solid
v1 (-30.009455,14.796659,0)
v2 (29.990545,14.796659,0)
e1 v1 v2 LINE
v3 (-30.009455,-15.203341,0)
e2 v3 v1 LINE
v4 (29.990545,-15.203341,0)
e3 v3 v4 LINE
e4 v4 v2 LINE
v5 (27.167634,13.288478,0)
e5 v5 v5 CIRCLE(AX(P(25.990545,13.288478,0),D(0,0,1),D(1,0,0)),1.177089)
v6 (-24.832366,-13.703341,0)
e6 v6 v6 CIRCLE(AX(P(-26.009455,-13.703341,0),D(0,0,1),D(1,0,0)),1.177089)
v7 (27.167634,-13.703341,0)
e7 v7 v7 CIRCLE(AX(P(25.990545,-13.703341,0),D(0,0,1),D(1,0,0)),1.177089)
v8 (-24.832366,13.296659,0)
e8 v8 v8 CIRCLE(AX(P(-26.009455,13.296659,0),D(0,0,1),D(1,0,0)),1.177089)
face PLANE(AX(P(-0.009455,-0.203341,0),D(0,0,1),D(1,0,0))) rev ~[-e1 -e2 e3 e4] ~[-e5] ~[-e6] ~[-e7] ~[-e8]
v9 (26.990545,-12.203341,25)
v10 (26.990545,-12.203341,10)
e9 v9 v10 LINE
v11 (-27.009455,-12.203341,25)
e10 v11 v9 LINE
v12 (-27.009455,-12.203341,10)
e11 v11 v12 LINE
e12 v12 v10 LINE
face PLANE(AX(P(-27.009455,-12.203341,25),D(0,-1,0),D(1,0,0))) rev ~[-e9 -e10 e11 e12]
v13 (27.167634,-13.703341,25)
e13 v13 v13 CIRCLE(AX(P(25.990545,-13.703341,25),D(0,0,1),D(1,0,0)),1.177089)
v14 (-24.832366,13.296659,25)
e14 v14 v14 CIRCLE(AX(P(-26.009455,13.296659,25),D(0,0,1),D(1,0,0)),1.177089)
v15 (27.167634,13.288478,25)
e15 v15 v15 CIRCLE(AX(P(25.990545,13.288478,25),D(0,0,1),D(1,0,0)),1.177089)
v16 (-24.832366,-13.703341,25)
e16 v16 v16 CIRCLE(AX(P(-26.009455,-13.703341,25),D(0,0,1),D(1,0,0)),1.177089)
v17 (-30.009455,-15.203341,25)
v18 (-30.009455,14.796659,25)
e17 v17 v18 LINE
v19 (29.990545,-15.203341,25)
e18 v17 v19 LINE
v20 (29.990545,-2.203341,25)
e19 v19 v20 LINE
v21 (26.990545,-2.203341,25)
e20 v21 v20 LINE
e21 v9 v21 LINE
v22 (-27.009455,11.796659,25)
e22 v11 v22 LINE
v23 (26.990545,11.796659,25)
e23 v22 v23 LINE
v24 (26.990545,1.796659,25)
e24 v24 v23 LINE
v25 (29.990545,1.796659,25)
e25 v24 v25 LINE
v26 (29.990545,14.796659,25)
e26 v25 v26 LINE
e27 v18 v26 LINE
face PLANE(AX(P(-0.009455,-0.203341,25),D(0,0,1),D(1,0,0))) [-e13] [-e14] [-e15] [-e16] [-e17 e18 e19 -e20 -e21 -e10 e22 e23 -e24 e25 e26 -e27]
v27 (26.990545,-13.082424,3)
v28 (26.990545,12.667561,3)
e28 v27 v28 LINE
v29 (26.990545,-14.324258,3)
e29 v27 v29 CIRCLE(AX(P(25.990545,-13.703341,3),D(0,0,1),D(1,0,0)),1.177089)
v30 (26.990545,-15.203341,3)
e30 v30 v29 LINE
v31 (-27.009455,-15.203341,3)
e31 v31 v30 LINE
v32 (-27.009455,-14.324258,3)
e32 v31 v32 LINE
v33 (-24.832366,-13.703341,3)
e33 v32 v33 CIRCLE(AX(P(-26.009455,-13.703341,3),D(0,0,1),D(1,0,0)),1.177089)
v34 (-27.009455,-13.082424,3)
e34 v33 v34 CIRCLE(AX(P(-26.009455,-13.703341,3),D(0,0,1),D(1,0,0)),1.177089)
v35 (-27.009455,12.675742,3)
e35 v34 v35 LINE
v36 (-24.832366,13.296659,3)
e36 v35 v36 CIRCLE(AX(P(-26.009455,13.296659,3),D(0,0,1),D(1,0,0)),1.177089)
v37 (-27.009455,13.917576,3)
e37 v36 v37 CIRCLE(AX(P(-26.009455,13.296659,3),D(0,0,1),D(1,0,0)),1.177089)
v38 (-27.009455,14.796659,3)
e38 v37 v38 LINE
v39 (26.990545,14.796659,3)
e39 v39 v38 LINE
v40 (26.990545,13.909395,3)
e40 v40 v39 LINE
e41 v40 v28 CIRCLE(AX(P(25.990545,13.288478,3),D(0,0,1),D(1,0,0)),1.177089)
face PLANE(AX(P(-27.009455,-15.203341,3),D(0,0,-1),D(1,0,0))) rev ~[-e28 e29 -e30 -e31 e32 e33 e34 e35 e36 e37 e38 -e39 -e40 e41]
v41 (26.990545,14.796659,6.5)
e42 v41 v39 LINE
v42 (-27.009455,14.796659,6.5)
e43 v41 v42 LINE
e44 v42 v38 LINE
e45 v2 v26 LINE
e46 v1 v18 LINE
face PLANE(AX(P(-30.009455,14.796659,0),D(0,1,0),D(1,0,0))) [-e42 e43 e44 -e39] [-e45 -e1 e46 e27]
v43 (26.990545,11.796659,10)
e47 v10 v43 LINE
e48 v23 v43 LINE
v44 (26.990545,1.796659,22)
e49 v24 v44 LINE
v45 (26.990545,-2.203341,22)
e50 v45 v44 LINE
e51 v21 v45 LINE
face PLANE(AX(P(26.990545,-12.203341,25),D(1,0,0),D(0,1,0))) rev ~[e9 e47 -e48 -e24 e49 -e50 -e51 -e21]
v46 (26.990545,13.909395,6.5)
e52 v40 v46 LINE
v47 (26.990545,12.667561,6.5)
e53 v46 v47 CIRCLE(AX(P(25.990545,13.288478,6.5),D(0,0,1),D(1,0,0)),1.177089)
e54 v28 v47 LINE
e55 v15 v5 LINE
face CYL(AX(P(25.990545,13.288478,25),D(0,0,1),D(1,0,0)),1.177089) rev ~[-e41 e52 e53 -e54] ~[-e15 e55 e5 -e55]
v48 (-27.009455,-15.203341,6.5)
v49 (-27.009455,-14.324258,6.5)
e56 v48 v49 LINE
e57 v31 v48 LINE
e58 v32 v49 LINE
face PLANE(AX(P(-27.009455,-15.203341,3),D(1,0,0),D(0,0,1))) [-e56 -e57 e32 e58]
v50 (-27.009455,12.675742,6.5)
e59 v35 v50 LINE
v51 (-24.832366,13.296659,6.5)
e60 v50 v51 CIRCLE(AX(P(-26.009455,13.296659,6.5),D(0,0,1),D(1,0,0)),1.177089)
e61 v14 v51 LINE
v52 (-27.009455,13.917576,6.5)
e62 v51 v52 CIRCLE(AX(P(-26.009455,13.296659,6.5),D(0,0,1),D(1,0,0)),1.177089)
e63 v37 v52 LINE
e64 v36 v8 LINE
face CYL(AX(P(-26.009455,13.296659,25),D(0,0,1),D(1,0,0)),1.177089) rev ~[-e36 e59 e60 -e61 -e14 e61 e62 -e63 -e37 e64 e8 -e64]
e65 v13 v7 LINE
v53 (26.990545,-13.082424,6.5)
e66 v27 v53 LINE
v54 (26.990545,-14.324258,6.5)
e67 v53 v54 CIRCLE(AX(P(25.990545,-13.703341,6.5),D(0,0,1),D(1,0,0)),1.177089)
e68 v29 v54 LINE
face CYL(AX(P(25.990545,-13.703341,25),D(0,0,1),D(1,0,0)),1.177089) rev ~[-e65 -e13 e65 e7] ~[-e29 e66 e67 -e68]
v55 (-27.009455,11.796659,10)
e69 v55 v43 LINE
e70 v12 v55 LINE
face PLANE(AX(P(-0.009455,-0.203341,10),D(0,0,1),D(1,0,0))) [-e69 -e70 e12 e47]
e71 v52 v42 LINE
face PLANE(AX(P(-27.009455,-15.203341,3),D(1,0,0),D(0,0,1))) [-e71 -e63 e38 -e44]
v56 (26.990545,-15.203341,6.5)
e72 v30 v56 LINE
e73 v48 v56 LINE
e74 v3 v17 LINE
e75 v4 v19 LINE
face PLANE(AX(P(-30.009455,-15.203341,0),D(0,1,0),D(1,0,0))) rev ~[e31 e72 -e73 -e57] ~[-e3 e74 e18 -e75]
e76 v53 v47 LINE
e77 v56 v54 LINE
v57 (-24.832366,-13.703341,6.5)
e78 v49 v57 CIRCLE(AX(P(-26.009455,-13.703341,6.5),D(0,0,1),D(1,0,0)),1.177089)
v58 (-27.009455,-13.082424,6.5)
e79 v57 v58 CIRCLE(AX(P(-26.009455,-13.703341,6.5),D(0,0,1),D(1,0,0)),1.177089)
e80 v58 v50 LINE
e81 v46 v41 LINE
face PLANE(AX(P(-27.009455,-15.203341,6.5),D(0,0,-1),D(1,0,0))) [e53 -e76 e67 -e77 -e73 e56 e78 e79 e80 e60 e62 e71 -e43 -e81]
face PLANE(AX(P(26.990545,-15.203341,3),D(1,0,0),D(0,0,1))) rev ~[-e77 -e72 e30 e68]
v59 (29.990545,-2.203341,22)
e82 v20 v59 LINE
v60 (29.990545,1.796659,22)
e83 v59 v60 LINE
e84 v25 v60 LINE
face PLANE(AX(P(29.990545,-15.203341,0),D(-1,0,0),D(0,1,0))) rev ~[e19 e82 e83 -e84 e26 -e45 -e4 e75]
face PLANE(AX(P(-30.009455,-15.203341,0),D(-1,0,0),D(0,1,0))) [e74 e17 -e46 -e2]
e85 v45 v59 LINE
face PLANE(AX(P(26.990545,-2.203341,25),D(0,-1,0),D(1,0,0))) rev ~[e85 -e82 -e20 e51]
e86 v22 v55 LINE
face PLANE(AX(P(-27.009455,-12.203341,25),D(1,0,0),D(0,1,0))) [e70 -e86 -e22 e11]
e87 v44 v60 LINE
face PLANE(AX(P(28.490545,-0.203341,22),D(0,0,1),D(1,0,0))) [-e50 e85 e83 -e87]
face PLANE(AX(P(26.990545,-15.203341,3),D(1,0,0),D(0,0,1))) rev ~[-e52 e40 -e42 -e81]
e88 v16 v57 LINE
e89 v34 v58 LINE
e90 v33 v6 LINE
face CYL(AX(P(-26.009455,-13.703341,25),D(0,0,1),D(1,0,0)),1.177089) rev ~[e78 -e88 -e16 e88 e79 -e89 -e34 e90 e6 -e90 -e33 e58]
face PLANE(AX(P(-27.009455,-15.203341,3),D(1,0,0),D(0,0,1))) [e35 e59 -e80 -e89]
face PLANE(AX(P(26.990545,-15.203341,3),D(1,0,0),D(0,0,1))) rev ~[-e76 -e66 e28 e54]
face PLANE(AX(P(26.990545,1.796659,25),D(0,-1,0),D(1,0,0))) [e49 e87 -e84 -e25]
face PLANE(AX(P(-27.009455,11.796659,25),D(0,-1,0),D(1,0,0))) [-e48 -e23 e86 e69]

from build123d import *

# Parameters (mm, degrees)
F0_W     = 60
F0_H     = 30
F1_DEPTH = 25
F2_W     = 54
F2_H     = 3.5
F3_DEPTH = 30.001
F4_W     = 54
F4_H     = 24
F5_DEPTH = 15
F6_W     = 3
F6_H     = 4
F7_DEPTH = 3
F8_R     = 1.177089
F9_DEPTH = 25.001


with BuildPart() as f1:
    # F0 (on Top) → F1 (new body)
    with BuildSketch(Plane.XY):
        with Locations((-0.009455, -0.203341)):
            Rectangle(F0_W, F0_H)
    extrude(amount=F1_DEPTH)

    # F2 (on face) → F3 (cut, through all)
    with BuildSketch(Plane.XZ.offset(15.203341)):
        with Locations((-0.009455, 4.75)):
            Rectangle(F2_W, F2_H)
    extrude(amount=-F3_DEPTH, mode=Mode.SUBTRACT)

    # F4 (on face) → F5 (cut)
    with BuildSketch(Plane.XY.offset(25)):
        with Locations((-0.009455, -0.203341)):
            Rectangle(F4_W, F4_H)
    extrude(amount=-F5_DEPTH, mode=Mode.SUBTRACT)

    # F6 (on face) → F7 (cut)
    with BuildSketch(Plane.XY.offset(25)):
        with Locations((28.490545, -0.203341)):
            Rectangle(F6_W, F6_H)
    extrude(amount=-F7_DEPTH, mode=Mode.SUBTRACT)

    # F8 (on face) → F9 (cut, through all)
    with BuildSketch(Plane.XY.offset(25)):
        with Locations((25.990545, 13.288478)):
            Circle(F8_R)
        with Locations((-26.009455, 13.296659)):
            Circle(F8_R)
        with Locations((-26.009455, -13.703341)):
            Circle(F8_R)
        with Locations((25.990545, -13.703341)):
            Circle(F8_R)
    extrude(amount=-F9_DEPTH, mode=Mode.SUBTRACT)


solid = f1.part
